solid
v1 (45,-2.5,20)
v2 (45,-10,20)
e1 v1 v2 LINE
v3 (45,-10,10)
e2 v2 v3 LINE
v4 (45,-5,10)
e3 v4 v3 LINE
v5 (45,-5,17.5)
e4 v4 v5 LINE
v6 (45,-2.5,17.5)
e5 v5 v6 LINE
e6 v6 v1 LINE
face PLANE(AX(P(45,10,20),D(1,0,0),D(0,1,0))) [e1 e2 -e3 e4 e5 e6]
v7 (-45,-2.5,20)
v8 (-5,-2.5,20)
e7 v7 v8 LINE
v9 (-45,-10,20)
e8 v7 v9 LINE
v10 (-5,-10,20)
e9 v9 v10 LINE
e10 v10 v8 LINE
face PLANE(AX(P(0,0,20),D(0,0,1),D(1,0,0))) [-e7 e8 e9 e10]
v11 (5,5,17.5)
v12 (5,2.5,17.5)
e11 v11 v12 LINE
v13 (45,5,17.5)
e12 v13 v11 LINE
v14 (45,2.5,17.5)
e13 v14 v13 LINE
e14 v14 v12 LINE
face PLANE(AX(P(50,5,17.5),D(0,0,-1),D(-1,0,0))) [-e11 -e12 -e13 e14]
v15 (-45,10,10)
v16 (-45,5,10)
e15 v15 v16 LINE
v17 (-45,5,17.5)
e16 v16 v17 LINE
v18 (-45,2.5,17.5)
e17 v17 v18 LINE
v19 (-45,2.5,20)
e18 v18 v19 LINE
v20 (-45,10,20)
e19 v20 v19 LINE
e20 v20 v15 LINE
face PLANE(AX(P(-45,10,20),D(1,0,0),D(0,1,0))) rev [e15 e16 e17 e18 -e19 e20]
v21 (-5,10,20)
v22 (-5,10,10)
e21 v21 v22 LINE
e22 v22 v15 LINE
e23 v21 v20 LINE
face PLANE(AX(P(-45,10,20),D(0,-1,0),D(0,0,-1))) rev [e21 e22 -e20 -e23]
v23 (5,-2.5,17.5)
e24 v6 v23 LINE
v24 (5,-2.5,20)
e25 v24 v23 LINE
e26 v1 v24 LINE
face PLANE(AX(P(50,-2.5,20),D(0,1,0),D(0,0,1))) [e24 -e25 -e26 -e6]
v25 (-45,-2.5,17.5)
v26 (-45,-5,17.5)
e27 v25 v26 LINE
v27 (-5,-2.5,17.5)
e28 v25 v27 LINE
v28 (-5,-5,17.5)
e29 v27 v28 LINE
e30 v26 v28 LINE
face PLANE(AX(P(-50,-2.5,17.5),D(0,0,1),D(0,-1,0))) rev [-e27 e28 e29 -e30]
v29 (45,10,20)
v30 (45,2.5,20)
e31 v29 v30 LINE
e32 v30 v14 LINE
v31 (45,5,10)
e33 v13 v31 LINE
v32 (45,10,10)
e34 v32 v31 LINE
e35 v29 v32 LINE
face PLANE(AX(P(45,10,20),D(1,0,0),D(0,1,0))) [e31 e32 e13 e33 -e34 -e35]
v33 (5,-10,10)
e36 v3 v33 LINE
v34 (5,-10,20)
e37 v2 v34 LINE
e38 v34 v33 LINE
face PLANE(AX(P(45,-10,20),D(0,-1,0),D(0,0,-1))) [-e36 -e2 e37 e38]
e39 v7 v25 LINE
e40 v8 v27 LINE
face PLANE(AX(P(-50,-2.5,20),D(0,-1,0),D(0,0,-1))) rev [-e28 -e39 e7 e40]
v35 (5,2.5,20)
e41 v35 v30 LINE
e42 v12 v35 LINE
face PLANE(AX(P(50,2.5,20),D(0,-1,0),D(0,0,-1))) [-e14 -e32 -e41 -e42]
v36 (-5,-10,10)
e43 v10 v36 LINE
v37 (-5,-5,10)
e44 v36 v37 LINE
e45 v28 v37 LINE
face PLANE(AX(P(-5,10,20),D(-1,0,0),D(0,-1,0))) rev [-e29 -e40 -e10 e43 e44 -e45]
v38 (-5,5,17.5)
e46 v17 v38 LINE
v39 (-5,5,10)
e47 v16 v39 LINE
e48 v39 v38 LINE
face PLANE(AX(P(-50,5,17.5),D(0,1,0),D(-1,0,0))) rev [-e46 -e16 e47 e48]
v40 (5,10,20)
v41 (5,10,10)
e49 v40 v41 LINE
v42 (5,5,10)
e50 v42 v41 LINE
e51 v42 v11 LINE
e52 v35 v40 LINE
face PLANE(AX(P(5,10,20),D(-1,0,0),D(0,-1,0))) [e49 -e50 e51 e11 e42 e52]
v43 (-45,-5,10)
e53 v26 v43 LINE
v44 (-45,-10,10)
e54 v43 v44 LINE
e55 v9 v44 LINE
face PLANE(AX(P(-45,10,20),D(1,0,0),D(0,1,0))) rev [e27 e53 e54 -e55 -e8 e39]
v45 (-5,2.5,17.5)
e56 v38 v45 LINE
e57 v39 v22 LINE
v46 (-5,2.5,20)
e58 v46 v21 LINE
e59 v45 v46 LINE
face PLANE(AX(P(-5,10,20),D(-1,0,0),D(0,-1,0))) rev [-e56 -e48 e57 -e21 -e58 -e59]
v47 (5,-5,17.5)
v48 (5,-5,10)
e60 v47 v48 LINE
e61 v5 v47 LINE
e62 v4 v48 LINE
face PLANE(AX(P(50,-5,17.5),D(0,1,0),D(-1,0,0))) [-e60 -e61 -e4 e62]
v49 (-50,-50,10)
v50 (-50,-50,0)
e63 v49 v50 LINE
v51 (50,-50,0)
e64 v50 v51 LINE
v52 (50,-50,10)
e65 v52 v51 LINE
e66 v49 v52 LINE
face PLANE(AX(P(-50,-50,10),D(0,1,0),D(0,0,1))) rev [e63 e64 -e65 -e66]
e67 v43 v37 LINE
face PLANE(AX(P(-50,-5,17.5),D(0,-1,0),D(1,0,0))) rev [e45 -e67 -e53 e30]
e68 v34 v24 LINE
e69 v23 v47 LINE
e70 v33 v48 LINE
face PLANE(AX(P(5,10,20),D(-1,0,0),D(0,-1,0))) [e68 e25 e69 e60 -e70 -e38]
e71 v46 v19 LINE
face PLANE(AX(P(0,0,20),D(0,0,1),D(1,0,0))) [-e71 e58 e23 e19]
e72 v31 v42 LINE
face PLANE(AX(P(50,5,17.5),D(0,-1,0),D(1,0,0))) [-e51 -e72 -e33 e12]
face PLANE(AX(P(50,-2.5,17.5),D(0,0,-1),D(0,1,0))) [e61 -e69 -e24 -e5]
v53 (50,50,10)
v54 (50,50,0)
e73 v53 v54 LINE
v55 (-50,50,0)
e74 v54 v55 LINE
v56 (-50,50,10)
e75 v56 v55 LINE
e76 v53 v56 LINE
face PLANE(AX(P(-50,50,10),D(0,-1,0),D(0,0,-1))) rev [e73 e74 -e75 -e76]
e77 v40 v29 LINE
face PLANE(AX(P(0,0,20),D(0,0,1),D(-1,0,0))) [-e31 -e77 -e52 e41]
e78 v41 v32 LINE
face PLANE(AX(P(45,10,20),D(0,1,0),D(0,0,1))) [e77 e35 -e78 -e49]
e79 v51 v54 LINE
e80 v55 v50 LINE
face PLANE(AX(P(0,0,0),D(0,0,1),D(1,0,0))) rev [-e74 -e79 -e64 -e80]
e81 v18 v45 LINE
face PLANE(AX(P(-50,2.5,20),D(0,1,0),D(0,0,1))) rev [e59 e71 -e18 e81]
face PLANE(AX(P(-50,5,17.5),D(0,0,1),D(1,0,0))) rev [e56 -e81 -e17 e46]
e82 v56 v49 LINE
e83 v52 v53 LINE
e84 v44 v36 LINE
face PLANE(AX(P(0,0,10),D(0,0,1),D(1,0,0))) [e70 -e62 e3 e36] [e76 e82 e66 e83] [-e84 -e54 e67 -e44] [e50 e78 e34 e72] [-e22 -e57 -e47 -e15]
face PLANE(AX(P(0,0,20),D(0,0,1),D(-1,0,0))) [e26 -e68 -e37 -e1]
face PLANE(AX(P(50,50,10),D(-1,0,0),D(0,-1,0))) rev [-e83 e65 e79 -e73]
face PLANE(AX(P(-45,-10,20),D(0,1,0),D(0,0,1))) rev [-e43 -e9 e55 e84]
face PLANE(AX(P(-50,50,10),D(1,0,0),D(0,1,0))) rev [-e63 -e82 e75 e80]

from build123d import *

# Parameters (mm, degrees)
SKETCH1_W               = 100
SKETCH1_H               = 100
BACK_PLATE_DEPTH        = 10
SKETCH2_W               = 40
SKETCH2_H               = 20
SLIDER_MOUNT_BOSS_DEPTH = 10
SLIDER_MOUNT_DEPTH      = 77.974021592


with BuildPart() as part:
    # Sketch1 → back plate (new body)
    with BuildSketch(Plane.XY):
        Rectangle(SKETCH1_W, SKETCH1_H)
    extrude(amount=BACK_PLATE_DEPTH)

    # Sketch2 → slider mount boss (add)
    with BuildSketch(Plane.XY.offset(10)):
        with Locations((-25, 0)):
            Rectangle(SKETCH2_W, SKETCH2_H)
    slider_mount_boss = extrude(amount=SLIDER_MOUNT_BOSS_DEPTH)

    # Sketch3 → slider mount (cut, through all)
    with BuildSketch(Plane(origin=(-5, 0, 0), x_dir=(0, 0, -1), z_dir=(1, 0, 0))):
        Polygon((-17.5, 5), (-10, 5), (-10, -5), (-17.5, -5), (-17.5, -2.5), (-20, -2.5), (-20, 2.5), (-17.5, 2.5), align=None)
    slider_mount = extrude(amount=-SLIDER_MOUNT_DEPTH, mode=Mode.SUBTRACT)

    # Mirror3: slider mount boss, slider mount across plane
    add(slider_mount_boss.mirror(Plane(origin=(0, 0, 0), x_dir=(0, 0, 1), z_dir=(1, 0, 0))))
    add(slider_mount.mirror(Plane(origin=(0, 0, 0), x_dir=(0, 0, 1), z_dir=(1, 0, 0))), mode=Mode.SUBTRACT)


solid = part.part
